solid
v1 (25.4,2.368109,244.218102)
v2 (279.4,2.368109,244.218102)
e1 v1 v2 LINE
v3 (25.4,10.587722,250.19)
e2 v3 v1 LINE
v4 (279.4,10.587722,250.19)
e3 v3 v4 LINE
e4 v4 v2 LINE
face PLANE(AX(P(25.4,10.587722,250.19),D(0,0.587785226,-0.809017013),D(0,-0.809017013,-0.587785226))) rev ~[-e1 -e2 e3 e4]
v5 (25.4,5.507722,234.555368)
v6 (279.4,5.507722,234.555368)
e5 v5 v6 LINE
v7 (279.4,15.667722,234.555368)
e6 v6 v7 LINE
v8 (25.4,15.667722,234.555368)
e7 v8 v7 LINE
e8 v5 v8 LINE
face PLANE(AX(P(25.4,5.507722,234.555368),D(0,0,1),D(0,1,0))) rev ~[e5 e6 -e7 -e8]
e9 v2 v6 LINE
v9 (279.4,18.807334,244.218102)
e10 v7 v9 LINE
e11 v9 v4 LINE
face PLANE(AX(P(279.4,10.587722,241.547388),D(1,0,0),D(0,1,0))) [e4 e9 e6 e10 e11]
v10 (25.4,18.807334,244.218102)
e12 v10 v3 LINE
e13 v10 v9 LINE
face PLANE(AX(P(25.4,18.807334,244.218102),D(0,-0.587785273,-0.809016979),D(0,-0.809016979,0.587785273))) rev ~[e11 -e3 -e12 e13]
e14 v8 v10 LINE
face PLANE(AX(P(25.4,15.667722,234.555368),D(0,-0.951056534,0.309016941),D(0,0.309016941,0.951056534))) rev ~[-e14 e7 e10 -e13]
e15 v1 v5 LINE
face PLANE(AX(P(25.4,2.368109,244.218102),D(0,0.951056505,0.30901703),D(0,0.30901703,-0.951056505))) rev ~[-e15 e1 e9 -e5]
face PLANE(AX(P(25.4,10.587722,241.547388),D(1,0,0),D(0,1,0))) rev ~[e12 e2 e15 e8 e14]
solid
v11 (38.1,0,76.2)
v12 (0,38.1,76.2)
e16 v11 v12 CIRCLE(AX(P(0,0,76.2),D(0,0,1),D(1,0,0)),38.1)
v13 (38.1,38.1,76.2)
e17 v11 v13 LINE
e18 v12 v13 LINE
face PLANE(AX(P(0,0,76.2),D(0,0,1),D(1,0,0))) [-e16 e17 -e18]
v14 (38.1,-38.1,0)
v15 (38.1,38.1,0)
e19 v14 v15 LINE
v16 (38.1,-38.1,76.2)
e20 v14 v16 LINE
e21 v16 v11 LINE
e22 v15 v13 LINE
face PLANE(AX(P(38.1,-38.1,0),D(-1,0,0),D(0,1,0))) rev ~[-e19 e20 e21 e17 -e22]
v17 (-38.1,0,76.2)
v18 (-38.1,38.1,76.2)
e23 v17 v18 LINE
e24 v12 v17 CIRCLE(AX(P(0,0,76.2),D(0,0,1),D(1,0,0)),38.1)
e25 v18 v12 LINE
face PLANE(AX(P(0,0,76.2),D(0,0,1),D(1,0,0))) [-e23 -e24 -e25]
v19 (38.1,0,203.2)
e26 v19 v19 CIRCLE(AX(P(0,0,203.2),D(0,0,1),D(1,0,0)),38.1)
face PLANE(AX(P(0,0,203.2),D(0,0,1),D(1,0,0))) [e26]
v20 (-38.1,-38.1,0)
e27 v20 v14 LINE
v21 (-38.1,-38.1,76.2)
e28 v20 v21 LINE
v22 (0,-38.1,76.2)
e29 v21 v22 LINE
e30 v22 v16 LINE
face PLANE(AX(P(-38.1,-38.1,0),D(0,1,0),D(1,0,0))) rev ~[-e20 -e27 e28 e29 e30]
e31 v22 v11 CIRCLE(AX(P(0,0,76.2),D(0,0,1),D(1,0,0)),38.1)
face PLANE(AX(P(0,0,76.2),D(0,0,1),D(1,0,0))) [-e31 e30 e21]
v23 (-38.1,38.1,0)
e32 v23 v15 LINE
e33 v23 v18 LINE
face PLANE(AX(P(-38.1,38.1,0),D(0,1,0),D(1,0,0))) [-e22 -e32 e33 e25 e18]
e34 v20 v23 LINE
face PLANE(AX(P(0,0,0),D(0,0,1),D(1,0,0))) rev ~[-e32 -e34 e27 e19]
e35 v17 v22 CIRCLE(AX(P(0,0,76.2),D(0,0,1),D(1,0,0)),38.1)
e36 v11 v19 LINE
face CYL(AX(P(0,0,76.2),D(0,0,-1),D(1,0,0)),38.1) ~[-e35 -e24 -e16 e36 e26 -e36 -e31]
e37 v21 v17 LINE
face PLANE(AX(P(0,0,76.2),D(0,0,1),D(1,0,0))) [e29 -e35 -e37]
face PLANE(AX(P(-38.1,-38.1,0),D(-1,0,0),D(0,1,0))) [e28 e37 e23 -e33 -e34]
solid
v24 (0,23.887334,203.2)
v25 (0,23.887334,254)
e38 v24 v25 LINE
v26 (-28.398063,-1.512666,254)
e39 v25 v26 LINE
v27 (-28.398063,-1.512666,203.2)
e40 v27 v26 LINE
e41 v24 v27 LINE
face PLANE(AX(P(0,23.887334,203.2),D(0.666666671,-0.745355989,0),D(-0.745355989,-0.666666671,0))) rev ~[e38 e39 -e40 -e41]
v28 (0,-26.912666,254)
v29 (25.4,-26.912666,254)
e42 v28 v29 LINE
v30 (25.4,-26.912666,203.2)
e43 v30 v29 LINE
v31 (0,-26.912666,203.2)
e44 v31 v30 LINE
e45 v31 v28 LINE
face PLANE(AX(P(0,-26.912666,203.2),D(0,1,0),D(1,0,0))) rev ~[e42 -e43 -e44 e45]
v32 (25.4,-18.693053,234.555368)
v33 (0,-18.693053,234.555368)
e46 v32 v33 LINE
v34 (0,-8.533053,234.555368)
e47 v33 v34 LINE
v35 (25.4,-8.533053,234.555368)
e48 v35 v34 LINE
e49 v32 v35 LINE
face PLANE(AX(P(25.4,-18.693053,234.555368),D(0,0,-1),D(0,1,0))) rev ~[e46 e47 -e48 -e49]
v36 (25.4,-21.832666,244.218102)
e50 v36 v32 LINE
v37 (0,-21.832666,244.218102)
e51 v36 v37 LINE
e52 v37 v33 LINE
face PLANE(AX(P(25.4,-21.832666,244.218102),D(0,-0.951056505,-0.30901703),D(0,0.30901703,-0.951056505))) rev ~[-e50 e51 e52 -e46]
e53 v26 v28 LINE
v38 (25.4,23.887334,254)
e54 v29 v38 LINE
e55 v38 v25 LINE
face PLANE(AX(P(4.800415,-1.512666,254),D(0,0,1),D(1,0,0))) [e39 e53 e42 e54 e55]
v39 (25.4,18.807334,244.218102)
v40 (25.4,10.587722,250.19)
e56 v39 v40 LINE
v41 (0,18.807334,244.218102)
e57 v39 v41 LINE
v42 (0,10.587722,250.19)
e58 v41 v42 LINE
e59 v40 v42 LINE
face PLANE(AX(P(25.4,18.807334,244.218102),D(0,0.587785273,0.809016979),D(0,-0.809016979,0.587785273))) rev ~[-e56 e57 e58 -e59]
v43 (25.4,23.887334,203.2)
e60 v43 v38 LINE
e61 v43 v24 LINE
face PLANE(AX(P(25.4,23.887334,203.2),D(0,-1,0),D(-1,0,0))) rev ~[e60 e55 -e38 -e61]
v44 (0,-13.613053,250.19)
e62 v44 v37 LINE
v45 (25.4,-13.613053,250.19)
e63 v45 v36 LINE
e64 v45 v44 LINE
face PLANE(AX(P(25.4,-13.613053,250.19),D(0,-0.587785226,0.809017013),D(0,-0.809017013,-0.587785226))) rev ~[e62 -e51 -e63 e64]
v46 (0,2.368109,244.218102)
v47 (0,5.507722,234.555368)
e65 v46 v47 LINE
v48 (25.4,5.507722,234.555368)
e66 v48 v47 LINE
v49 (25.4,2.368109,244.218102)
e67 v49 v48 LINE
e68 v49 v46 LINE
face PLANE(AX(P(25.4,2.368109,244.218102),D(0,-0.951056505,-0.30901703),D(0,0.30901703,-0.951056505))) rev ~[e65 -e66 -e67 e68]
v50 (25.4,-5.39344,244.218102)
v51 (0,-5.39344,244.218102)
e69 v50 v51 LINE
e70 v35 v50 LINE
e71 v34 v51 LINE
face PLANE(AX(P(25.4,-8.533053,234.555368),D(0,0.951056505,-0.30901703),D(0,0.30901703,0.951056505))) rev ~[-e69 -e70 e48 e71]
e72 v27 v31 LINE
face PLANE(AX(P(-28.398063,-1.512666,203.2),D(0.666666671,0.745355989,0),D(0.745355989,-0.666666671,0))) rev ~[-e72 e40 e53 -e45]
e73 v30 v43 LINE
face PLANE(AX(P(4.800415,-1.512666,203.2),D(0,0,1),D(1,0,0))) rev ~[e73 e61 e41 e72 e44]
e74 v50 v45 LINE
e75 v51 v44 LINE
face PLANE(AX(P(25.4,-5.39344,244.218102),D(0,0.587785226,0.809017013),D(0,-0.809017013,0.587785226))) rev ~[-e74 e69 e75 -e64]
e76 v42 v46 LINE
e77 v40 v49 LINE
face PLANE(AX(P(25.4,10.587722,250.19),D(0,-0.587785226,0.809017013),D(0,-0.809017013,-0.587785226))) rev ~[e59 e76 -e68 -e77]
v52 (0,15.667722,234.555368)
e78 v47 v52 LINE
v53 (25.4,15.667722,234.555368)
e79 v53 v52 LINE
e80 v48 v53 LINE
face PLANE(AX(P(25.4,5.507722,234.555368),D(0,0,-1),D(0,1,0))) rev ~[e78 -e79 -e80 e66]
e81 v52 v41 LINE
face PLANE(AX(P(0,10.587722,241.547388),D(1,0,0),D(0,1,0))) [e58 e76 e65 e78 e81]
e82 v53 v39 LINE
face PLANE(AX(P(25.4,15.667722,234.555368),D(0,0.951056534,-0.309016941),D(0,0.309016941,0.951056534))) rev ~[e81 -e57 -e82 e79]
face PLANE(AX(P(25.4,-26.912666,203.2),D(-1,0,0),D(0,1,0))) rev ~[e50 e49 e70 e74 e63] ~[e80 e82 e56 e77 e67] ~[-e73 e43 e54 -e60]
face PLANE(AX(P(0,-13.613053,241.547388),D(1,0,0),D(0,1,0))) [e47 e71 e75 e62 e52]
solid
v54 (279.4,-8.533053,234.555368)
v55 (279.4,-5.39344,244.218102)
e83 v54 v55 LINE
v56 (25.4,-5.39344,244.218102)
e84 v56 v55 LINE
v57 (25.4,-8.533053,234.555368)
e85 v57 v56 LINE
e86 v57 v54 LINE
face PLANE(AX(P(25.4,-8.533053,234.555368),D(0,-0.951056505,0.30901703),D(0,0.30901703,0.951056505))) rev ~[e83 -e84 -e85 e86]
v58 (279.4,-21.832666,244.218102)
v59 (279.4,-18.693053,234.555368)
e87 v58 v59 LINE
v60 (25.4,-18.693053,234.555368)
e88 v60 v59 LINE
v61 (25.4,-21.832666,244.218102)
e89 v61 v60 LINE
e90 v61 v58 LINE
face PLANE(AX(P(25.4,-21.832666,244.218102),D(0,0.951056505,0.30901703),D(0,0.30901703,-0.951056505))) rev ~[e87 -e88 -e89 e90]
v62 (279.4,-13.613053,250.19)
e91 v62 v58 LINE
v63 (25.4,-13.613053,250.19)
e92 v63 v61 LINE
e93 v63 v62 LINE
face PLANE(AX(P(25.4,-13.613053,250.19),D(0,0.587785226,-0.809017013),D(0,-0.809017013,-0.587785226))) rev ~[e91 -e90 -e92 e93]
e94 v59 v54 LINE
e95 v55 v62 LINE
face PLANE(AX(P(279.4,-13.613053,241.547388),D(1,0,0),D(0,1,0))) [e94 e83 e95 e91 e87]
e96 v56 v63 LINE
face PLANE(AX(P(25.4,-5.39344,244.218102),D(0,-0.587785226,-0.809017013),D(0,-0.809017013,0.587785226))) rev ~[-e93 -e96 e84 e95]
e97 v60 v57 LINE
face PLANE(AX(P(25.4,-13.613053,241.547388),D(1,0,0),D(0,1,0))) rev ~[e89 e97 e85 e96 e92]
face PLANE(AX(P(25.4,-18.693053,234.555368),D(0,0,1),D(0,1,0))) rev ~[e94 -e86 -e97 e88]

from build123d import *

# Parameters (mm, degrees)
F0_W     = 76.2
F0_H     = 76.2
F1_DEPTH = 76.2
F2_R     = 38.1
F3_DEPTH = 127
F5_DEPTH = 50.8
F7_DEPTH = 25.4
F8_DEPTH = 254


with BuildPart() as f1:
    # F0 (on Top) → F1 (new body)
    with BuildSketch(Plane.XY):
        Rectangle(F0_W, F0_H)
    extrude(amount=F1_DEPTH)

    # F2 (on face) → F3 (join)
    with BuildSketch(Plane.XY.offset(76.2)):
        Circle(F2_R)
    extrude(amount=F3_DEPTH)


with BuildPart() as f5:
    # F4 (on face) → F5 (new body)
    with BuildSketch(Plane.XY.offset(203.2)):
        Polygon((25.4, 23.887334), (0, 23.887334), (-28.398063, -1.512666), (0, -26.912666), (25.4, -26.912666), align=None)
    extrude(amount=F5_DEPTH)

    # F6 (on face) → F7 (cut)
    with BuildSketch(Plane.YZ.offset(25.4)):
        Polygon((-18.693053, 234.555368), (-8.533053, 234.555368), (-5.39344, 244.218102), (-13.613053, 250.19), (-21.832666, 244.218102), align=None)
        Polygon((5.507722, 234.555368), (15.667722, 234.555368), (18.807334, 244.218102), (10.587722, 250.19), (2.368109, 244.218102), align=None)
    extrude(amount=-F7_DEPTH, mode=Mode.SUBTRACT)


with BuildPart() as f8:
    # F6 (on face) → F8 (new body)
    with BuildSketch(Plane.YZ.offset(25.4)):
        Polygon((-18.693053, 234.555368), (-8.533053, 234.555368), (-5.39344, 244.218102), (-13.613053, 250.19), (-21.832666, 244.218102), align=None)
        Polygon((5.507722, 234.555368), (15.667722, 234.555368), (18.807334, 244.218102), (10.587722, 250.19), (2.368109, 244.218102), align=None)
    extrude(amount=F8_DEPTH)


solid = Compound([f1.part, f5.part, f8.part])
